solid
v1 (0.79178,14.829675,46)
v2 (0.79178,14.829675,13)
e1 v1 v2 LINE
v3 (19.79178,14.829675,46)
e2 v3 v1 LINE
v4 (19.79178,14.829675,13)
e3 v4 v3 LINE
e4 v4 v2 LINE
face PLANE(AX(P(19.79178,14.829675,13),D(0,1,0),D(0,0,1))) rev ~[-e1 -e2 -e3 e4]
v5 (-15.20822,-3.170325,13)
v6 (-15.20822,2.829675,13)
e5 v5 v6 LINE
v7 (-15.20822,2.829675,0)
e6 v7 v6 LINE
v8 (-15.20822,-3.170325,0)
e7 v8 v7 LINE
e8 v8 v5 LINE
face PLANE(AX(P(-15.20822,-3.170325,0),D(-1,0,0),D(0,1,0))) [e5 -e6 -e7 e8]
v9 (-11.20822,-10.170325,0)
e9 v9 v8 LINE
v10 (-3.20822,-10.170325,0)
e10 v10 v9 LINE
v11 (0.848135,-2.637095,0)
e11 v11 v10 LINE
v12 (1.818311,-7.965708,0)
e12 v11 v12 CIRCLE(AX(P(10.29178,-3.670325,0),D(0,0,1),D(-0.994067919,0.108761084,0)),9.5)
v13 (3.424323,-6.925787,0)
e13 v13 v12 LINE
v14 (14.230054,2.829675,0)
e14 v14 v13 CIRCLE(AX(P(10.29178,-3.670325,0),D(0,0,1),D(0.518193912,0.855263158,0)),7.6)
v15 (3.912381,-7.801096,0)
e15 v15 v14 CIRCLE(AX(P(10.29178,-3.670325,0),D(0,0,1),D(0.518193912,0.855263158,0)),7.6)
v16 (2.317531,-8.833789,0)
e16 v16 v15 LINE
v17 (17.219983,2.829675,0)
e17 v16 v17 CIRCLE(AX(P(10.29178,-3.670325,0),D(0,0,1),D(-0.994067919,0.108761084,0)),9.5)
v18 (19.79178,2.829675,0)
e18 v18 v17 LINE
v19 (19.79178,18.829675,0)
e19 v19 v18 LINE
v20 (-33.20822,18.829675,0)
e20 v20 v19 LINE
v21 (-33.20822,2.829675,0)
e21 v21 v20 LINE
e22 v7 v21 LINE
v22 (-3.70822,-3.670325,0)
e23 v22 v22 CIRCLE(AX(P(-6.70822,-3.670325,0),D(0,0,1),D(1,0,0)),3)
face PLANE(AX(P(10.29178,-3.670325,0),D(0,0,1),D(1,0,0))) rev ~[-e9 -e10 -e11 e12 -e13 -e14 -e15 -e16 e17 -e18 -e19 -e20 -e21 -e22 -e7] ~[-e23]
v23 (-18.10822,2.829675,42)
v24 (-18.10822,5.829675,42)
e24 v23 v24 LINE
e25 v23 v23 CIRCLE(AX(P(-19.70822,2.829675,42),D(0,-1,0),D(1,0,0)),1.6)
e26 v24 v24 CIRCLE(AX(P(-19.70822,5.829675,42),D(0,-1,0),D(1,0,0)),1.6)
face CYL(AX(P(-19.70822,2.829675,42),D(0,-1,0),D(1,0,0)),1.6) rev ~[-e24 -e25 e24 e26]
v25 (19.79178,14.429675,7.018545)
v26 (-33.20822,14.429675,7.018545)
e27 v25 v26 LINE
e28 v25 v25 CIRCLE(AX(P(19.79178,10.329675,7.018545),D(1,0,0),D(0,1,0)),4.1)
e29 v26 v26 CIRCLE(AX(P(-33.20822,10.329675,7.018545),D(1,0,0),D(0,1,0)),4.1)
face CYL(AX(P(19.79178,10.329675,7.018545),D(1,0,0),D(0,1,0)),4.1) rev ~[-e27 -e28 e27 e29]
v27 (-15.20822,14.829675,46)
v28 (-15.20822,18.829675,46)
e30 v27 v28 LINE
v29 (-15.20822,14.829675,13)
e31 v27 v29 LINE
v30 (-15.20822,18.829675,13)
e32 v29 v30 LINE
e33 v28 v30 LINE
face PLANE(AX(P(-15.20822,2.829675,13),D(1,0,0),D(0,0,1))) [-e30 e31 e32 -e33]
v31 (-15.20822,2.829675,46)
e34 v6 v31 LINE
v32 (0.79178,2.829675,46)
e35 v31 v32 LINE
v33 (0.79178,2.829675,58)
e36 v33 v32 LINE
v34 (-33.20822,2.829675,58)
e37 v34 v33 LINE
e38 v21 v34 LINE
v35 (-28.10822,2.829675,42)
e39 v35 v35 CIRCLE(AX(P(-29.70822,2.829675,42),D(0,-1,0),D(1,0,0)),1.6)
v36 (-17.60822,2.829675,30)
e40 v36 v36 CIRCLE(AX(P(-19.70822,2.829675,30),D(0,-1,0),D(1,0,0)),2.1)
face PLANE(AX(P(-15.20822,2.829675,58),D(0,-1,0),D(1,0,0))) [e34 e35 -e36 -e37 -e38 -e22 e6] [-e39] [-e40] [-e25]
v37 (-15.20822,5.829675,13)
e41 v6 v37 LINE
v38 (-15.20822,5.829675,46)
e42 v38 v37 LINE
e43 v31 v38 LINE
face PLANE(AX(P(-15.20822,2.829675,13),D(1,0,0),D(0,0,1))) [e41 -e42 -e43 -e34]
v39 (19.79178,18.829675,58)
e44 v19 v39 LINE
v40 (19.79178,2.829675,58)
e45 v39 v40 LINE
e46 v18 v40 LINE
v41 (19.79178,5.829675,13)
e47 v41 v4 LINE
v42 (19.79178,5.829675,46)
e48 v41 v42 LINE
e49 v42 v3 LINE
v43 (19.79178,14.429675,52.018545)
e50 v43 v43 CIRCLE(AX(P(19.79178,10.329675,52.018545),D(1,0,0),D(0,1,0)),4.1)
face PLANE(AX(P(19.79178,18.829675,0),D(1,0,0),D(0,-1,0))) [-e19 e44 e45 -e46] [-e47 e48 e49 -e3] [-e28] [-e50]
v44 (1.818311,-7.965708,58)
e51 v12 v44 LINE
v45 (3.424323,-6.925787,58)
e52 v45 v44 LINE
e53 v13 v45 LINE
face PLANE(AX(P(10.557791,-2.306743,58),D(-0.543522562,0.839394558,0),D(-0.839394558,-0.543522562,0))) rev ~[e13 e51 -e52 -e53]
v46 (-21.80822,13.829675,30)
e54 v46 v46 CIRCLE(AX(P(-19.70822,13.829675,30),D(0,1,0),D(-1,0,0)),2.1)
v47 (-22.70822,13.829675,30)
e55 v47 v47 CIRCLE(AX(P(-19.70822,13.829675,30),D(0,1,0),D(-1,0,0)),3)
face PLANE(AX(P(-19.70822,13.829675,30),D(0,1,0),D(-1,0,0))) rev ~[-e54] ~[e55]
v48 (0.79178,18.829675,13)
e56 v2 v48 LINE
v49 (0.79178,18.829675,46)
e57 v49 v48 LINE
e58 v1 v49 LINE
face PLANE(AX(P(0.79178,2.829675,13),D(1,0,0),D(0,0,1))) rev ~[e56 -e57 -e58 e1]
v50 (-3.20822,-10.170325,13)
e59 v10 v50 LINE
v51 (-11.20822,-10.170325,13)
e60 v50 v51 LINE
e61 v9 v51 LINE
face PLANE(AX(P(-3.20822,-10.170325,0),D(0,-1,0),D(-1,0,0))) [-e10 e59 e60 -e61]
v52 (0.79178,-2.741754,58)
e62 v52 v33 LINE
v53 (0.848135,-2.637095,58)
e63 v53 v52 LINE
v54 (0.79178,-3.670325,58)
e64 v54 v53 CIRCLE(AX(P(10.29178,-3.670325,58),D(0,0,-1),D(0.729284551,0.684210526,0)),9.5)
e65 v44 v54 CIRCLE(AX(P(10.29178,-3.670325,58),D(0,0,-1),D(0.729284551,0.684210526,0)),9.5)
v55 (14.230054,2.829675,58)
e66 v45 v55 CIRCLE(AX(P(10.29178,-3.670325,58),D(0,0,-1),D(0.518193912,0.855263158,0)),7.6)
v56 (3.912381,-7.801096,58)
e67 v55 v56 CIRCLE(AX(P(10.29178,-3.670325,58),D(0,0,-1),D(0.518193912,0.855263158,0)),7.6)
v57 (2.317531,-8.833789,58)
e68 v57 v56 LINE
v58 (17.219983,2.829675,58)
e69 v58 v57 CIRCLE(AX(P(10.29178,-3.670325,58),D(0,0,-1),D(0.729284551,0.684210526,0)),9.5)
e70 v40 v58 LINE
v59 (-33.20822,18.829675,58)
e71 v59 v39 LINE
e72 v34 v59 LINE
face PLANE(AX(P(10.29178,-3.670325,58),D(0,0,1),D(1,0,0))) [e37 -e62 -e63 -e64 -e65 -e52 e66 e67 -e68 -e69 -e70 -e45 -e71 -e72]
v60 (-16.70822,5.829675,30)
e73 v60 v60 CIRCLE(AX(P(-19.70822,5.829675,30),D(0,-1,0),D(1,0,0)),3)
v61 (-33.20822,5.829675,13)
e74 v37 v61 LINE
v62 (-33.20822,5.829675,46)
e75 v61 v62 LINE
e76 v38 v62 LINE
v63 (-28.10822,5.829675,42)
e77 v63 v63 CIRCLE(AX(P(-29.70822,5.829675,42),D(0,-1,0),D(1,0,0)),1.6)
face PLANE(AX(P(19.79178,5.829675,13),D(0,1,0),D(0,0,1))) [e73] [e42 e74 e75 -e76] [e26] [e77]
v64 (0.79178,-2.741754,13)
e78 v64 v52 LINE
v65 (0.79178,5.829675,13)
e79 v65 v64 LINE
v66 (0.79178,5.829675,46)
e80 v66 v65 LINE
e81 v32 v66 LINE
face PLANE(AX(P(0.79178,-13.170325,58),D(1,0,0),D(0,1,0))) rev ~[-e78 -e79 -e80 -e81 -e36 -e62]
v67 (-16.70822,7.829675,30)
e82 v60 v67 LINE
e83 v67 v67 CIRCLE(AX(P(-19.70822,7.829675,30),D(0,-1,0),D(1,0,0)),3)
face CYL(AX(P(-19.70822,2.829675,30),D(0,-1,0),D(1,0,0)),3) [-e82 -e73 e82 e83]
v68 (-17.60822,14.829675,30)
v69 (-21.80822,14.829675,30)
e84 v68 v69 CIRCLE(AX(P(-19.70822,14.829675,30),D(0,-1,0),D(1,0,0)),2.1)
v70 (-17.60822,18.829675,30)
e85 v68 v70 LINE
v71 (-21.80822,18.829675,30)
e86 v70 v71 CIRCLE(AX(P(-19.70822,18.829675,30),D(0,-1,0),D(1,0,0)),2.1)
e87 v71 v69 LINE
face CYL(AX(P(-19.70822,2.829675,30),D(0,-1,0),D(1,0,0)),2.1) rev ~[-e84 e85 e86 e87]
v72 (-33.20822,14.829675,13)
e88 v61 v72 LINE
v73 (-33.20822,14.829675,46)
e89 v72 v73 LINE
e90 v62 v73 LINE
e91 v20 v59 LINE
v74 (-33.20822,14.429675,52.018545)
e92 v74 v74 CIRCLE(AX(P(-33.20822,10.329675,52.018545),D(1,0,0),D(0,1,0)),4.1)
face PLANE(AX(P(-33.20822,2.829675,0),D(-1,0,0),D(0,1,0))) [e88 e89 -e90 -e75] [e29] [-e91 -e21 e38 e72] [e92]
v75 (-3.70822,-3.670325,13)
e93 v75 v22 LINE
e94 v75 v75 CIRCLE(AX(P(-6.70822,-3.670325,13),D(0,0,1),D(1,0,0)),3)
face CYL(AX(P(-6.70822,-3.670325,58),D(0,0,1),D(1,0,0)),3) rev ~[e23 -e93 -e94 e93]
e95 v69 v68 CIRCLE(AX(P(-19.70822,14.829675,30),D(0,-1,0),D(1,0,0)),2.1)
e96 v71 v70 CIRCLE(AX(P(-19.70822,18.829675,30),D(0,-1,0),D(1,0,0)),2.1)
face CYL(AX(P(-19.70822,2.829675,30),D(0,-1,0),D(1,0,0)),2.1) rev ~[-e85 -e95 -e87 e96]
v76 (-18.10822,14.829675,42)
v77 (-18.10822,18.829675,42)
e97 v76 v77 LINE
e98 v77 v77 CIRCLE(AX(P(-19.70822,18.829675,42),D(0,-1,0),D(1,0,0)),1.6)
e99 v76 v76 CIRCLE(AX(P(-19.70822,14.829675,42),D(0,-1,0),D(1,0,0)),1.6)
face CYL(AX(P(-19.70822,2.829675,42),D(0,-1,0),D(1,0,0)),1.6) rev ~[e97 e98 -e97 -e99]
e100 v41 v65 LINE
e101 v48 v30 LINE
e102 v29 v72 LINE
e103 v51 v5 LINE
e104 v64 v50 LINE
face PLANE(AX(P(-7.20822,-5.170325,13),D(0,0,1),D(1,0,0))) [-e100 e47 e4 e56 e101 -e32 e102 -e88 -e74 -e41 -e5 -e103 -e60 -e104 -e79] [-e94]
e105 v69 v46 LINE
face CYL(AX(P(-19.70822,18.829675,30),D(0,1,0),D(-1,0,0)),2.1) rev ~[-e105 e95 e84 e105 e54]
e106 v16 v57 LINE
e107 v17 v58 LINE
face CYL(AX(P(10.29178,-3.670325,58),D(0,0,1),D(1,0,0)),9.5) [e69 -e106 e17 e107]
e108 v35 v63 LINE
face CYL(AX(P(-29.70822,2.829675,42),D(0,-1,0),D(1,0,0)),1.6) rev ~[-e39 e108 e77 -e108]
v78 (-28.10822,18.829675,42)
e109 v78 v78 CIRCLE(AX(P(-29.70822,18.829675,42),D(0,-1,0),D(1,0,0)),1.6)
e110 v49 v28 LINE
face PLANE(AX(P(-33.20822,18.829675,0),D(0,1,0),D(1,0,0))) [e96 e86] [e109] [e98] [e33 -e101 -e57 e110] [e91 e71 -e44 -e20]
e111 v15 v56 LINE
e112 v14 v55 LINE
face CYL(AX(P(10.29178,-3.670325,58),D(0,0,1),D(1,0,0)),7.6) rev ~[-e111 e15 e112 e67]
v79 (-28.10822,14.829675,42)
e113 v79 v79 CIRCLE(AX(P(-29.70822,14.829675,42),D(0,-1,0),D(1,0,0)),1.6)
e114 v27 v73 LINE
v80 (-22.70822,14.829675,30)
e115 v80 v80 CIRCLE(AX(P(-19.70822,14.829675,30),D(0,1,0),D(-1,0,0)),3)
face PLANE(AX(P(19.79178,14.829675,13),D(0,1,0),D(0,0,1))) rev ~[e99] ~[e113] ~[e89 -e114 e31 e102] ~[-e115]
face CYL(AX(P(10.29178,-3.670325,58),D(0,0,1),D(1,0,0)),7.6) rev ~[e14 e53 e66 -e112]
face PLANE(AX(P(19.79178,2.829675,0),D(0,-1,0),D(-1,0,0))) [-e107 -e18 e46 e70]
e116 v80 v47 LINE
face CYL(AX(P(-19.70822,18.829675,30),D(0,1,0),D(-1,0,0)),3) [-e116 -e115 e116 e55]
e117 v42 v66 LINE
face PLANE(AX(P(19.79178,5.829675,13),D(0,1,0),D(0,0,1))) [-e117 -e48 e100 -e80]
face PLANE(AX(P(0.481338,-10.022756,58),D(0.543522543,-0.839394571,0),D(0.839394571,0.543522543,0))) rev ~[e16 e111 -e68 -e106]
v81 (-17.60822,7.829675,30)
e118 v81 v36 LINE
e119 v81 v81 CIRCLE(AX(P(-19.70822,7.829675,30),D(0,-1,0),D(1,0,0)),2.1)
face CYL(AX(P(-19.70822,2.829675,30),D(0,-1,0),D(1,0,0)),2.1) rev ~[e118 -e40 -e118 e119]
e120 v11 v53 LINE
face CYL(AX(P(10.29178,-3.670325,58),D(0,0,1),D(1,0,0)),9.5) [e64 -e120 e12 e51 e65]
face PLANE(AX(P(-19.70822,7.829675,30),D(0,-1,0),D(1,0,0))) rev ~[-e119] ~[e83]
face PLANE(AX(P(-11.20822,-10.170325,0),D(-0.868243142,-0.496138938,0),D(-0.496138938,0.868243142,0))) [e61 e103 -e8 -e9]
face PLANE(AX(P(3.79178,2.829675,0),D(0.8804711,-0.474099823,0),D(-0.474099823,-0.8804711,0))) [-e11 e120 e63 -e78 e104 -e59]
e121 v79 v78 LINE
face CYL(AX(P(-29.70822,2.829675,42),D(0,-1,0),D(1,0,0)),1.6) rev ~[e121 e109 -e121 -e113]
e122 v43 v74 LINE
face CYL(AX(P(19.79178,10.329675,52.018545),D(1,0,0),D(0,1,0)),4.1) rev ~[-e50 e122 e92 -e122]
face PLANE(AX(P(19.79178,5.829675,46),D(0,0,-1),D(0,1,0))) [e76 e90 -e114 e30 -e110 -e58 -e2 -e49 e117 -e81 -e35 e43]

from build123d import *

# Parameters (mm, degrees)
PAD_DEPTH       = 58
SKETCH001_R     = 9.5
SKETCH001_R_2   = 7.6
PAD001_DEPTH    = 58
SKETCH002_R     = 7.6
SKETCH002_R_2   = 3
POCKET_DEPTH    = 58
SKETCH003_R     = 4.1
SKETCH003_W     = 9
SKETCH003_H     = 33
POCKET001_DEPTH = 53
SKETCH004_W     = 16
SKETCH004_H     = 16
POCKET002_DEPTH = 45
SKETCH005_W     = 16
SKETCH005_H     = 33
POCKET003_DEPTH = 40
SKETCH006_R     = 2.1
SKETCH006_R_2   = 1.6
POCKET004_DEPTH = 30
SKETCH007_R     = 3
SKETCH007_R_2   = 2.1
PAD002_DEPTH    = 5
SKETCH008_R     = 3
SKETCH008_R_2   = 2.1
PAD003_DEPTH    = 5
POCKET005_DEPTH = 58


with BuildPart() as part:
    # Sketch → Pad (new body)
    with BuildSketch(Plane.XY):
        Polygon((-33.20822, 18.829675), (19.79178, 18.829675), (19.79178, 2.829675), (3.79178, 2.829675), (-3.20822, -10.170325), (-11.20822, -10.170325), (-15.20822, -3.170325), (-15.20822, 2.829675), (-33.20822, 2.829675), align=None)
    extrude(amount=PAD_DEPTH)

    # Sketch001 → Pad001 (new body)
    with BuildSketch(Plane.XY.offset(58)):
        with Locations((10.29178, -3.670325)):
            Circle(SKETCH001_R)
        with Locations((10.29178, -3.670325)):
            Circle(SKETCH001_R_2, mode=Mode.SUBTRACT)
    extrude(amount=-PAD001_DEPTH)

    # Sketch002 → Pocket (cut)
    with BuildSketch(Plane.XY.offset(58)):
        with Locations((10.29178, -3.670325)):
            Circle(SKETCH002_R)
        with Locations((-6.70822, -3.670325)):
            Circle(SKETCH002_R_2)
    extrude(amount=-POCKET_DEPTH, mode=Mode.SUBTRACT)

    # Sketch003 → Pocket001 (cut)
    with BuildSketch(Plane.YZ.offset(19.79178)):
        with Locations((10.329675, 52.018545)):
            Circle(SKETCH003_R)
        with Locations((10.329675, 7.018545)):
            Circle(SKETCH003_R)
        with Locations((10.329675, 29.5)):
            Rectangle(SKETCH003_W, SKETCH003_H)
    extrude(amount=-POCKET001_DEPTH, mode=Mode.SUBTRACT)

    # Sketch004 → Pocket002 (cut)
    with BuildSketch(Plane.XY.offset(58)):
        with Locations((-7.20822, -5.170325)):
            Rectangle(SKETCH004_W, SKETCH004_H)
    extrude(amount=-POCKET002_DEPTH, mode=Mode.SUBTRACT)

    # Sketch005 → Pocket003 (cut)
    with BuildSketch(Plane.XZ.offset(-2.829675)):
        with Locations((-7.20822, 29.5)):
            Rectangle(SKETCH005_W, SKETCH005_H)
    extrude(amount=-POCKET003_DEPTH, mode=Mode.SUBTRACT)

    # Sketch006 → Pocket004 (cut)
    with BuildSketch(Plane.XZ.offset(-2.829675)):
        with Locations((-19.70822, 30)):
            Circle(SKETCH006_R)
        with Locations((-29.70822, 42)):
            Circle(SKETCH006_R_2)
        with Locations((-19.70822, 42)):
            Circle(SKETCH006_R_2)
    extrude(amount=-POCKET004_DEPTH, mode=Mode.SUBTRACT)

    # Sketch007 → Pad002 (new body)
    with BuildSketch(Plane.XZ.offset(-2.829675)):
        with Locations((-19.70822, 30)):
            Circle(SKETCH007_R)
        with Locations((-19.70822, 30)):
            Circle(SKETCH007_R_2, mode=Mode.SUBTRACT)
    extrude(amount=-PAD002_DEPTH)

    # Sketch008 → Pad003 (new body)
    with BuildSketch(Plane(origin=(0, 18.829675, 0), x_dir=(-1, 0, 0), z_dir=(0, 1, 0))):
        with Locations((19.70822, 30)):
            Circle(SKETCH008_R)
        with Locations((19.70822, 30)):
            Circle(SKETCH008_R_2, mode=Mode.SUBTRACT)
    extrude(amount=-PAD003_DEPTH)

    # Sketch009 → Pocket005 (cut)
    with BuildSketch(Plane.XY.offset(58)):
        Polygon((10.557791, -2.306743), (-0.062185, -9.183362), (0.481338, -10.022756), (11.101313, -3.146138), align=None)
    extrude(amount=-POCKET005_DEPTH, mode=Mode.SUBTRACT)


solid = part.part
